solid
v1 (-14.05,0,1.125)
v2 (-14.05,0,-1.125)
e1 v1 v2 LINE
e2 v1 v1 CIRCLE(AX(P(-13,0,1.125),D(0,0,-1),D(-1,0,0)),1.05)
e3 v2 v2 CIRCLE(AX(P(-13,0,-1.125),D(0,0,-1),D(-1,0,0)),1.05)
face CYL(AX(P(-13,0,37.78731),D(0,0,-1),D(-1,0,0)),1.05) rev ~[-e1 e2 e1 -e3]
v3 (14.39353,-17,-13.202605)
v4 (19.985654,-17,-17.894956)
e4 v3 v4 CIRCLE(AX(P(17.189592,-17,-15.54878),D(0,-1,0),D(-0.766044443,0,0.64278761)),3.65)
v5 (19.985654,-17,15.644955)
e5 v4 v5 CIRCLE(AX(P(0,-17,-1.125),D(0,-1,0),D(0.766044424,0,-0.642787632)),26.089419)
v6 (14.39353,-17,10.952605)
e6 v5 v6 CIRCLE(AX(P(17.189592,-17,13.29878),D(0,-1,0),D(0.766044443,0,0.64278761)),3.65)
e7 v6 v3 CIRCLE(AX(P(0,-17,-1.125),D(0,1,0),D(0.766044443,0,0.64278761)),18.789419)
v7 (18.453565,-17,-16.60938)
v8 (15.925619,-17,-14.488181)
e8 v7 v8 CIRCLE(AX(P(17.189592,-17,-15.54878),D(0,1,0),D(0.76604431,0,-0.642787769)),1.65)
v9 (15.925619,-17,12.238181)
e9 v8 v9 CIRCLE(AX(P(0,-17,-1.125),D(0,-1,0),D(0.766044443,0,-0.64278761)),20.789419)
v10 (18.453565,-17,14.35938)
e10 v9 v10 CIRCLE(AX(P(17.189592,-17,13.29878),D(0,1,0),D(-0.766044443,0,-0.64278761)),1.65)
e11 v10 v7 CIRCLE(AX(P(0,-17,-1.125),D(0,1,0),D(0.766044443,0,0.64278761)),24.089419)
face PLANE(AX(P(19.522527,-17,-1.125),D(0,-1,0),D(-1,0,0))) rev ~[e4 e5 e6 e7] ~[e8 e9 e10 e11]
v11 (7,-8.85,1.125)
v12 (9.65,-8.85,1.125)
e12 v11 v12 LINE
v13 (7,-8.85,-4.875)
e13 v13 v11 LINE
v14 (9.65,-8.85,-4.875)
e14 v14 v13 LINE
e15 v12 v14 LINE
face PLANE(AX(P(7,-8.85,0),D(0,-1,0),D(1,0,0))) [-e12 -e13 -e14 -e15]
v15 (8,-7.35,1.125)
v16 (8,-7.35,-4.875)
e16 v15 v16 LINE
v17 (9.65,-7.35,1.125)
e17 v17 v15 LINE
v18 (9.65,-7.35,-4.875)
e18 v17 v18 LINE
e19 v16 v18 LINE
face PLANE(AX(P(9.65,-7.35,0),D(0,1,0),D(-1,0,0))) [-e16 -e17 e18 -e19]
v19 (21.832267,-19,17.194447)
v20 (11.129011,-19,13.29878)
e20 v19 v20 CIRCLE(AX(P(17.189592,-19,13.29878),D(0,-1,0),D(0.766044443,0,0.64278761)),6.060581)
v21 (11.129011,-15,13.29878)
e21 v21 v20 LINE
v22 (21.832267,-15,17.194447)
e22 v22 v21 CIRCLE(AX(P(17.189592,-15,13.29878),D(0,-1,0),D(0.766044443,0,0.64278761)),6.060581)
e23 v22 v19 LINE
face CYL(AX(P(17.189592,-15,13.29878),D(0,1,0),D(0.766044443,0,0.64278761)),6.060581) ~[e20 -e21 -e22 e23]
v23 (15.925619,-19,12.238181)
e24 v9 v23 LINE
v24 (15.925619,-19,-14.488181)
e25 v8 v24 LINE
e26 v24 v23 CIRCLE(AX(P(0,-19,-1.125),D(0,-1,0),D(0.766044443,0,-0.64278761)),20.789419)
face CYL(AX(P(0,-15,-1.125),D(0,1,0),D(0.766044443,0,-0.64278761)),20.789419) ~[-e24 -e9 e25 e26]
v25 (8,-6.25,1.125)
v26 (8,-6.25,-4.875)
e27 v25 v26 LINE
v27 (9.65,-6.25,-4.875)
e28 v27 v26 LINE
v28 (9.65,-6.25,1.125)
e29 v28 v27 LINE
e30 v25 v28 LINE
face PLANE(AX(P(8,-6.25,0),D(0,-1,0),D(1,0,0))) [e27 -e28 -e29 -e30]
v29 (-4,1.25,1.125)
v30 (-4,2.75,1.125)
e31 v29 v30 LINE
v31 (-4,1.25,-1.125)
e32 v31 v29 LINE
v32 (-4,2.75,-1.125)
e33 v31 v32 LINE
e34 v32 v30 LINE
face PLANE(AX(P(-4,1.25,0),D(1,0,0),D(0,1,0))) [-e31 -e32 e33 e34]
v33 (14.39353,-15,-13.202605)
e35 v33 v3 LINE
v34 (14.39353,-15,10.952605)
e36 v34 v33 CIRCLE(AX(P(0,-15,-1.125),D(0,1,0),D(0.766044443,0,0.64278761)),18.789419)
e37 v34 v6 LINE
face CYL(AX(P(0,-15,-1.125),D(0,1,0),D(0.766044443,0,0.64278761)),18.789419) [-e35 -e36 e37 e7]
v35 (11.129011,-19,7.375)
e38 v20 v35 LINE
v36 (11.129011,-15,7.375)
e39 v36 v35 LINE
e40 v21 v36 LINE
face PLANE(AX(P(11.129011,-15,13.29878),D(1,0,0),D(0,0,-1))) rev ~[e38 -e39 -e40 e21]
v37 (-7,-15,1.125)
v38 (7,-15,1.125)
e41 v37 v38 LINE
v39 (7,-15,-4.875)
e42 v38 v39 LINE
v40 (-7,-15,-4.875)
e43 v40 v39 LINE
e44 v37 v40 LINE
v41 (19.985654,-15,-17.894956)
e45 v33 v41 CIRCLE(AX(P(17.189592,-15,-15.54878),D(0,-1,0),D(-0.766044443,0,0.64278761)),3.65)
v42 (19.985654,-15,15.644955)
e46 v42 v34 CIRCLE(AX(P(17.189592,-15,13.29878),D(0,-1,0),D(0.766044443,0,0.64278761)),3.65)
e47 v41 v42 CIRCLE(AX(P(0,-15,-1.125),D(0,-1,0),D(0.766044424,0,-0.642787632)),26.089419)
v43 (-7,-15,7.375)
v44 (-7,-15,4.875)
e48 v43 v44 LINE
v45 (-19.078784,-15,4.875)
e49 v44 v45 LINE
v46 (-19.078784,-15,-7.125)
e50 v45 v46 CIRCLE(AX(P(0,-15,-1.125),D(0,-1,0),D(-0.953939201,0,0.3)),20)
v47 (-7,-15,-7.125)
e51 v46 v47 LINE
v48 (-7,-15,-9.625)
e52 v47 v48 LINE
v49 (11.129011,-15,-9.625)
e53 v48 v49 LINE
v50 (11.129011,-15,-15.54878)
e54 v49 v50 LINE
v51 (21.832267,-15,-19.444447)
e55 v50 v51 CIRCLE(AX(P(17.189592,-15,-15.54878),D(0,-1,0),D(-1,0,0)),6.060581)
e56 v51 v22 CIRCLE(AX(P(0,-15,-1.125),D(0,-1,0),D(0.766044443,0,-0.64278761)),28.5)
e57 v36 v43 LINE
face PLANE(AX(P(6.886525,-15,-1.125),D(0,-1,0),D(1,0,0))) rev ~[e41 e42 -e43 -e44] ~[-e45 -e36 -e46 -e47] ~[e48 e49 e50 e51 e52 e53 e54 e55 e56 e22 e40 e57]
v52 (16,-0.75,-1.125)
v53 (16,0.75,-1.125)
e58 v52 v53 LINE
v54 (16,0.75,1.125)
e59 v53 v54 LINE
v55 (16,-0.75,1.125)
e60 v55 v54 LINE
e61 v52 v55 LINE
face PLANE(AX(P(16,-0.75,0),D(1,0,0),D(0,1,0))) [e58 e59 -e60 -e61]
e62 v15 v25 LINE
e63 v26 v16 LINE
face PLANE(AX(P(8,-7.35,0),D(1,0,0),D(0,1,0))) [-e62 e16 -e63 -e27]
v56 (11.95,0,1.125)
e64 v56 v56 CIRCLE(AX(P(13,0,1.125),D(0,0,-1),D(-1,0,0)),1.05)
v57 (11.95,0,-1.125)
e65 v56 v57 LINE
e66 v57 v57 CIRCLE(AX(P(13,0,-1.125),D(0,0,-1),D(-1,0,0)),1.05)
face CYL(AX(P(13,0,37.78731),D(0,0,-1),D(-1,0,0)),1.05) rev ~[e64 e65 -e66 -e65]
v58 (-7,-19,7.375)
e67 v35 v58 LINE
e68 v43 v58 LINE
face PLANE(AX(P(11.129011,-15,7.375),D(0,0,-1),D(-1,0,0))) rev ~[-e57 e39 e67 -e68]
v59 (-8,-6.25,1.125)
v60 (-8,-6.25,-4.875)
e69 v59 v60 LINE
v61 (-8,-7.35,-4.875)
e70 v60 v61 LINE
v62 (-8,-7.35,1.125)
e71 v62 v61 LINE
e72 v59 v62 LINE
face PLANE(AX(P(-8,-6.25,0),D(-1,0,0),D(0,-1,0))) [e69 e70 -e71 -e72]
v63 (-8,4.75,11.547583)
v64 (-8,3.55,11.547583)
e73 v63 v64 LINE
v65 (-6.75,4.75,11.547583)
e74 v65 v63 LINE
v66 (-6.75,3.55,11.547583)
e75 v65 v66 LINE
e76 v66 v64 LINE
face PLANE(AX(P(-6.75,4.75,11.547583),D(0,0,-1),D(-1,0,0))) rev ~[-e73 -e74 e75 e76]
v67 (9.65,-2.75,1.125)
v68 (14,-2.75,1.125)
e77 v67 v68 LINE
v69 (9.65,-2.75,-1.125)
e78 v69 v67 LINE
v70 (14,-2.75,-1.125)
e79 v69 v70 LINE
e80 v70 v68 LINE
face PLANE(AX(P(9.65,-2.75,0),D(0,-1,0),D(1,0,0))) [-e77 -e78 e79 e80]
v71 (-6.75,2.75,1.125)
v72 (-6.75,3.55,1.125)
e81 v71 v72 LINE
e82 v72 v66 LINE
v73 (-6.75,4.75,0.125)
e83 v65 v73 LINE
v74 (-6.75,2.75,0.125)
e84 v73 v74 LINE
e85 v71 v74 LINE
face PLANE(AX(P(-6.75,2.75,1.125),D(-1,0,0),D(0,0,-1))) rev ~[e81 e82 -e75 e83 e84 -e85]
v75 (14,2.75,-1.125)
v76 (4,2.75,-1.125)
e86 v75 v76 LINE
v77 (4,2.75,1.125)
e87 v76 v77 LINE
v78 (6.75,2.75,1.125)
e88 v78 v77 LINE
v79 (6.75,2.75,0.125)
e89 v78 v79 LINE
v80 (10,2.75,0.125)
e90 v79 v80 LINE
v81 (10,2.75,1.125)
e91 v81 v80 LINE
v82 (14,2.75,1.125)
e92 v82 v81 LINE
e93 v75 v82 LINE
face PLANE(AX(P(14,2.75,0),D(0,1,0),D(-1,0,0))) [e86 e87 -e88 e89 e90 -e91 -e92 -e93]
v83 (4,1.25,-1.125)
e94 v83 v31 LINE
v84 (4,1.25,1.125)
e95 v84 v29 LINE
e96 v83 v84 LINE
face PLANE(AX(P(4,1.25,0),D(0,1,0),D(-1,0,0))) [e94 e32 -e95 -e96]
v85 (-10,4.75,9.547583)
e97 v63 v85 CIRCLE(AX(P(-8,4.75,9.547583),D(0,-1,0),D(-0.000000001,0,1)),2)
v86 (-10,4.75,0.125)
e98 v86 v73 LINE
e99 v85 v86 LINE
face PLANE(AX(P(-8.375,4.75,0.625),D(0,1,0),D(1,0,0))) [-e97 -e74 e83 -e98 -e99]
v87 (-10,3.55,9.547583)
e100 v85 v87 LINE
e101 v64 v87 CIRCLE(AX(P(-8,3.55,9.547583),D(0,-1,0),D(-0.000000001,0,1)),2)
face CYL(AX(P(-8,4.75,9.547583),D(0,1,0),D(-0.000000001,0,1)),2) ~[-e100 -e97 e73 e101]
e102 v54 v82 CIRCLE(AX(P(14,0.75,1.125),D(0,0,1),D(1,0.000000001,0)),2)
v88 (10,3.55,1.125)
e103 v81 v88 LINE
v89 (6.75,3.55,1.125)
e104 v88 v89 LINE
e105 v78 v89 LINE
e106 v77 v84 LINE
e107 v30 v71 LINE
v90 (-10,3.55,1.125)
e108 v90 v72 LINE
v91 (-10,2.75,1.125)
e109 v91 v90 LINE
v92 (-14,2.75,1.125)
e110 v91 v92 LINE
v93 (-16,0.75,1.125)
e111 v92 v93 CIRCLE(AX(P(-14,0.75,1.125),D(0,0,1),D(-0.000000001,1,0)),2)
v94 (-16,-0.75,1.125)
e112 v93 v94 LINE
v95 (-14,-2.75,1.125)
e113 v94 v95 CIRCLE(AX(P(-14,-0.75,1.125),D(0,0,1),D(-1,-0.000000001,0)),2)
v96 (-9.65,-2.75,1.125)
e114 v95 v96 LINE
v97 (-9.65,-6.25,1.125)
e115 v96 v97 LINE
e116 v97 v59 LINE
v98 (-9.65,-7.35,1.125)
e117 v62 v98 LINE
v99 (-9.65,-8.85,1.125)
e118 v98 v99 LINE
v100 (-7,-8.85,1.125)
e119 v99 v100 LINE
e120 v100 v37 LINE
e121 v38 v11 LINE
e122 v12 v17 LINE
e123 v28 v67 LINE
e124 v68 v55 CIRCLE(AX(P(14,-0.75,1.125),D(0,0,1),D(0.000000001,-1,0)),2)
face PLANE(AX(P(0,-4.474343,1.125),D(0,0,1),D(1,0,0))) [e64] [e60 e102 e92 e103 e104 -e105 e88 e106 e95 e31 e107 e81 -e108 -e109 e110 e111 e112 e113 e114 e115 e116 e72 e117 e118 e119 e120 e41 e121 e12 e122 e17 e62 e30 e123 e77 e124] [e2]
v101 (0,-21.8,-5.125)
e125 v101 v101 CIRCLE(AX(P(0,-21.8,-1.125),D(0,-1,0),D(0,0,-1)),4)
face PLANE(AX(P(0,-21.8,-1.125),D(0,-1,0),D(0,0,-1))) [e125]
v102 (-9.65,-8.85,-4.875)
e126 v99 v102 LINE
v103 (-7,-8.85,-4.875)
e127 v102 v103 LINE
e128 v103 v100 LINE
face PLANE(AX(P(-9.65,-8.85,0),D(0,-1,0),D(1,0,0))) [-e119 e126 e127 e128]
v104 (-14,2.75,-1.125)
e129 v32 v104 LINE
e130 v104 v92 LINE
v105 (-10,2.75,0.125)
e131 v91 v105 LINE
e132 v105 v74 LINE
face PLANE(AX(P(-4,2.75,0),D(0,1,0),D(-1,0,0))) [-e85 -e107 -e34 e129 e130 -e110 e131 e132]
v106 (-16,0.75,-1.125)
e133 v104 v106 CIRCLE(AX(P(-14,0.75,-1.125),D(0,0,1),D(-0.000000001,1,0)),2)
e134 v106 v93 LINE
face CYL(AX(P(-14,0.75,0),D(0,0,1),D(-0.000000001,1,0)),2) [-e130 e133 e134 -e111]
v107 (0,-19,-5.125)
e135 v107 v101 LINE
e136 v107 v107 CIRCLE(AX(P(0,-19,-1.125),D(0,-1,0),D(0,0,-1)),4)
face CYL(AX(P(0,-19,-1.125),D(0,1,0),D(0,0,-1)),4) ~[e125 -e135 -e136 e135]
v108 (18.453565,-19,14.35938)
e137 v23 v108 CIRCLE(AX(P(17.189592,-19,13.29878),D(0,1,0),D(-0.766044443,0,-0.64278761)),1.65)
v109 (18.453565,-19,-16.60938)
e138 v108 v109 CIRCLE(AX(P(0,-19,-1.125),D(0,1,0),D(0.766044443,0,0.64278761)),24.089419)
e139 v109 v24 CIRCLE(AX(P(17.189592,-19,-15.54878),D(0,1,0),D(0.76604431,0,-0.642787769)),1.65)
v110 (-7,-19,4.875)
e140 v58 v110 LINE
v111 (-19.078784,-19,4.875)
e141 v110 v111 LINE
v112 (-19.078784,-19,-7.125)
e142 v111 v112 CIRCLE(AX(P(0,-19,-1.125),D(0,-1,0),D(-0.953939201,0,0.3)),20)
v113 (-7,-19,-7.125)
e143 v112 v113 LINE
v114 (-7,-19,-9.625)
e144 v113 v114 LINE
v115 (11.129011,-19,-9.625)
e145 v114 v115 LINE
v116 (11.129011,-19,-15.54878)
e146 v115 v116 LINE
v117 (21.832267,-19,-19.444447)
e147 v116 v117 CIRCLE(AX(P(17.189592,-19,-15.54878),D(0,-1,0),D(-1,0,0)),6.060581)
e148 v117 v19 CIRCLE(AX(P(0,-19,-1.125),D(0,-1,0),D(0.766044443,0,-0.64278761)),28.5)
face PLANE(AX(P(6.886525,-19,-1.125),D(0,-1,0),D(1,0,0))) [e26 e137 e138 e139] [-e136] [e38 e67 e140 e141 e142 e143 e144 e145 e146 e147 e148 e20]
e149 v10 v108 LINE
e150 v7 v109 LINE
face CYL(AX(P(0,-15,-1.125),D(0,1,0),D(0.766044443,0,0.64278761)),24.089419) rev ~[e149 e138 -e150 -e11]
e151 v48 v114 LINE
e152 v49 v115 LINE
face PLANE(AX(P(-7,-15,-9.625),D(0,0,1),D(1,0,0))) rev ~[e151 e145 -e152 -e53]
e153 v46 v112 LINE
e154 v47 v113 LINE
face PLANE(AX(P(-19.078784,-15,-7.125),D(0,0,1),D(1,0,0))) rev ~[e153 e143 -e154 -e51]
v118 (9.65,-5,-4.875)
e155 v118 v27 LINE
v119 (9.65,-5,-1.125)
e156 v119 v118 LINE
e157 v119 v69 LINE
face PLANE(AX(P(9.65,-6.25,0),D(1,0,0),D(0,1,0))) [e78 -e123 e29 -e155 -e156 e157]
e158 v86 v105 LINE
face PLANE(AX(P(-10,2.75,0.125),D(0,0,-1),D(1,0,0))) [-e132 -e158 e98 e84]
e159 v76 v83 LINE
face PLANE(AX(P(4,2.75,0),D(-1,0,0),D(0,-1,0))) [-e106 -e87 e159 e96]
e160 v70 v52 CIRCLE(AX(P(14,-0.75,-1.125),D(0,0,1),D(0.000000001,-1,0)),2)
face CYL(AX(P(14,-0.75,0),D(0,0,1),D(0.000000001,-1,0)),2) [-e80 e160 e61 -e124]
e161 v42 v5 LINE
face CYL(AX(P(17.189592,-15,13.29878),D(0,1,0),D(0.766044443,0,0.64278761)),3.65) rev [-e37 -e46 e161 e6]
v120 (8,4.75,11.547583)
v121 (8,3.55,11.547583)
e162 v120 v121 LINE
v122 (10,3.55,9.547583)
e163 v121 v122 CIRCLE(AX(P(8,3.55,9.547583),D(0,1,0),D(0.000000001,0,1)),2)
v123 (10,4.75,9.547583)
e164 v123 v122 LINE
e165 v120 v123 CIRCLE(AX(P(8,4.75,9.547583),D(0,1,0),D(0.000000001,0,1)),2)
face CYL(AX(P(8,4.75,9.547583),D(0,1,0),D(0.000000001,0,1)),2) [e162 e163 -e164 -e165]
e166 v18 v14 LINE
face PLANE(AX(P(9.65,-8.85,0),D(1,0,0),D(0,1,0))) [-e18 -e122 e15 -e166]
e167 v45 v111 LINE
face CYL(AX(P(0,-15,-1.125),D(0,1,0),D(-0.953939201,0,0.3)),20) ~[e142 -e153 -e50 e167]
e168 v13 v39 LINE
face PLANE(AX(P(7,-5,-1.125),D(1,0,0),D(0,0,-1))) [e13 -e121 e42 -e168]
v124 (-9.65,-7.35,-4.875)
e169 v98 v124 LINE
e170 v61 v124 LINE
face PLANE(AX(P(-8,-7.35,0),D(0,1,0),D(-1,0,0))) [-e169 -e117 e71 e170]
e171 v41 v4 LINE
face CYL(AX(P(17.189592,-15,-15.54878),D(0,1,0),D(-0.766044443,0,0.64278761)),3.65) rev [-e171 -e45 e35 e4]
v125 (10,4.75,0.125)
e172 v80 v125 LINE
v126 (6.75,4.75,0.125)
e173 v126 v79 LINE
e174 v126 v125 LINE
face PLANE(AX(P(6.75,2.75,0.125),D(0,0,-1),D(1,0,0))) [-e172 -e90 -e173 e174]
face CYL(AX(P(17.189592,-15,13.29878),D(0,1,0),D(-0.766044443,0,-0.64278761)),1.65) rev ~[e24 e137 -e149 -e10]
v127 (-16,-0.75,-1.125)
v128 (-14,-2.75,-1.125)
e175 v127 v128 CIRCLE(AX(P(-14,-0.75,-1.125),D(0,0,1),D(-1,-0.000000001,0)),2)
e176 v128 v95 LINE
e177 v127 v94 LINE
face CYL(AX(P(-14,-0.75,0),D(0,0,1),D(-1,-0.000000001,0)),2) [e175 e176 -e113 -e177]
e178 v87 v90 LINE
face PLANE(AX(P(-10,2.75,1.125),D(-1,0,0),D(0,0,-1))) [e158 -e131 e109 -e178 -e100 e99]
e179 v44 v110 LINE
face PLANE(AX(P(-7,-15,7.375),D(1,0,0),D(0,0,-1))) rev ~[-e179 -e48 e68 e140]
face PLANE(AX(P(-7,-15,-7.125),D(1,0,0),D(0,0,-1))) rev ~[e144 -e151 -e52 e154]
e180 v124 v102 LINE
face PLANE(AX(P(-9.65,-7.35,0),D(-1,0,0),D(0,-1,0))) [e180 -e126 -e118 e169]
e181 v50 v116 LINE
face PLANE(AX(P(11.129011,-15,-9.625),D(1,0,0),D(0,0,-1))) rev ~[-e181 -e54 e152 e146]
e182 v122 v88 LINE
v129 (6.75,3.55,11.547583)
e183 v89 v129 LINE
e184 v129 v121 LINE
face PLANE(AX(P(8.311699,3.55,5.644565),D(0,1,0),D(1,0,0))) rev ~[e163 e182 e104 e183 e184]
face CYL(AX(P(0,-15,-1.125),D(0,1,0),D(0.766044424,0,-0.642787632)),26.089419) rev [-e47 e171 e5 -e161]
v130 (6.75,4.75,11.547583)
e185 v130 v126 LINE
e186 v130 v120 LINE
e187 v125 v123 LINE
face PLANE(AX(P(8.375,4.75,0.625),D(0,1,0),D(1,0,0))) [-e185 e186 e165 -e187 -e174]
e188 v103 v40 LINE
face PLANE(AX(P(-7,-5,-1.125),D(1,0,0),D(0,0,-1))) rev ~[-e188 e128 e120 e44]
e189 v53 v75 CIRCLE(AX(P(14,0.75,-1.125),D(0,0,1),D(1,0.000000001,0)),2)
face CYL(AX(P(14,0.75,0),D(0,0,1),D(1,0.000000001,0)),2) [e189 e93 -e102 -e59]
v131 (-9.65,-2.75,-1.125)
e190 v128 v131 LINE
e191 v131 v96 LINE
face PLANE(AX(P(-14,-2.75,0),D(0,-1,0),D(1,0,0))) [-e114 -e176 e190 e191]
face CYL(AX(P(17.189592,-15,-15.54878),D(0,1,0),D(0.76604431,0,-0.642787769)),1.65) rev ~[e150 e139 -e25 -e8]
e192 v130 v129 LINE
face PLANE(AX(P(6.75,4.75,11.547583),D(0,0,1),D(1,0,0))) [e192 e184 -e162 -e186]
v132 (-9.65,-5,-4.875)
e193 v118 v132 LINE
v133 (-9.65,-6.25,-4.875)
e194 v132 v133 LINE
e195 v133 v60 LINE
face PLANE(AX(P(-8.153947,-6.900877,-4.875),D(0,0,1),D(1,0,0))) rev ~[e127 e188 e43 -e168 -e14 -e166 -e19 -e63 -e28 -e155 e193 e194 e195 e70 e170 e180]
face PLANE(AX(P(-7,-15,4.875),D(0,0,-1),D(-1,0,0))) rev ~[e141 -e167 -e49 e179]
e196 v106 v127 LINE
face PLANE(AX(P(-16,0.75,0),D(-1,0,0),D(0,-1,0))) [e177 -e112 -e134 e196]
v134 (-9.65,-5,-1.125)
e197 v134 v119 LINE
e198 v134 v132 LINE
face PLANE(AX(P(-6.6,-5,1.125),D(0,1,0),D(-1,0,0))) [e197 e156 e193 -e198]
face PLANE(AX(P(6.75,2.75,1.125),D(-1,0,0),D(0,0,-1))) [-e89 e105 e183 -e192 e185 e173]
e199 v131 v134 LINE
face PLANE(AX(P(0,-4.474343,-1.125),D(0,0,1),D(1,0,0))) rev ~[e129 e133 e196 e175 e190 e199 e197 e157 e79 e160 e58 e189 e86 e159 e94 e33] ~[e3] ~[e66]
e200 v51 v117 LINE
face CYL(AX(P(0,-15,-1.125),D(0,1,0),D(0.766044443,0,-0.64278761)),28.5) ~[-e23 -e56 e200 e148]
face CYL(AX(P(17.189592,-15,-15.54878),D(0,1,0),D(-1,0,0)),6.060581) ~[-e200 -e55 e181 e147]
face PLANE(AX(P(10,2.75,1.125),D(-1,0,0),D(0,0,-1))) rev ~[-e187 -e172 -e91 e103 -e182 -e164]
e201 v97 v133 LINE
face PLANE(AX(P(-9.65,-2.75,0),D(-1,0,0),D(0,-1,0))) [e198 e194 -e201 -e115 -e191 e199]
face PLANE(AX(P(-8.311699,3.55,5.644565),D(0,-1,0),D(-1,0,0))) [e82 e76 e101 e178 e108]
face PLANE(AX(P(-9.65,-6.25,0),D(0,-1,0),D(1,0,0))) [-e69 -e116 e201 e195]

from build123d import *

# Parameters (mm, degrees)
BOSS_EXTRUDE1_DEPTH    = 1.125
M1_8_CLEARANCE_HOLE1_D = 2.1
BOSS_EXTRUDE3_DEPTH    = 4
SKETCH10_R             = 4
BOSS_EXTRUDE4_DEPTH    = 2.8
CUT_EXTRUDE1_DEPTH     = 2
BOSS_EXTRUDE9_DEPTH    = 6
SKETCH21_W             = 3.25
SKETCH21_H             = 1
BOSS_EXTRUDE10_DEPTH   = 2
BOSS_EXTRUDE13_DEPTH   = 1.2
SKETCH25_W             = 14
SKETCH25_H             = 3.75
BOSS_EXTRUDE12_DEPTH   = 10


with BuildPart() as part:
    # Sketch1 → Boss-Extrude1 (new, symmetric)
    with BuildSketch(Plane.XY):
        with BuildLine():
            Line((-7, -8.85), (-7, -15))
            Line((-7, -15), (7, -15))
            Line((7, -15), (7, -8.85))
            Line((7, -8.85), (9.65, -8.85))
            Line((9.65, -8.85), (9.65, -7.35))
            Line((9.65, -7.35), (8, -7.35))
            Line((8, -7.35), (8, -6.25))
            Line((8, -6.25), (9.65, -6.25))
            Line((9.65, -6.25), (9.65, -2.75))
            Line((9.65, -2.75), (14, -2.75))
            ThreePointArc((14, -2.75), (15.414213562, -2.164213562), (16, -0.75))
            Line((16, -0.75), (16, 0.75))
            ThreePointArc((16, 0.75), (15.414213562, 2.164213562), (14, 2.75))
            Line((14, 2.75), (4, 2.75))
            Line((4, 2.75), (4, 1.25))
            Line((4, 1.25), (-4, 1.25))
            Line((-4, 1.25), (-4, 2.75))
            Line((-4, 2.75), (-14, 2.75))
            ThreePointArc((-14, 2.75), (-15.414213562, 2.164213562), (-16, 0.75))
            Line((-16, 0.75), (-16, -0.75))
            ThreePointArc((-16, -0.75), (-15.414213562, -2.164213562), (-14, -2.75))
            Line((-14, -2.75), (-9.65, -2.75))
            Line((-9.65, -2.75), (-9.65, -6.25))
            Line((-9.65, -6.25), (-8, -6.25))
            Line((-8, -6.25), (-8, -7.35))
            Line((-8, -7.35), (-9.65, -7.35))
            Line((-9.65, -7.35), (-9.65, -8.85))
            Line((-9.65, -8.85), (-7, -8.85))
        make_face()
    extrude(amount=BOSS_EXTRUDE1_DEPTH, both=True)

    # M1.8 Clearance Hole1 (through all)
    with Locations(Plane.XY.offset(1.125)):
        with Locations((-13, 0), (13, 0)):
            Hole(M1_8_CLEARANCE_HOLE1_D / 2)

    # Sketch8 → Boss-Extrude3 (add)
    with BuildSketch(Plane.XZ.offset(15)):
        with BuildLine():
            Line((-7, -7.125), (-7, -9.625))
            Line((-7, -9.625), (11.129010548, -9.625))
            Line((11.129010548, -9.625), (11.129010548, -15.548780253))
            ThreePointArc((11.129010548, -15.548780253), (15.116751021, -21.24386386), (21.832266629, -19.444446876))
            ThreePointArc((21.832266629, -19.444446876), (28.5, -1.125), (21.832266629, 17.194446876))
            ThreePointArc((21.832266629, 17.194446876), (15.116751021, 18.99386386), (11.129010548, 13.298780253))
            Line((11.129010548, 13.298780253), (11.129010548, 7.375))
            Line((11.129010548, 7.375), (-7, 7.375))
            Line((-7, 7.375), (-7, 4.875))
            Line((-7, 4.875), (-19.078784028, 4.875))
            ThreePointArc((-19.078784028, 4.875), (-20, -1.125), (-19.078784028, -7.125))
            Line((-19.078784028, -7.125), (-7, -7.125))
        make_face()
        with BuildLine():
            ThreePointArc((15.925618604, -14.488180697), (20.789418613, -1.125), (15.925618604, 12.238180697))
            ThreePointArc((15.925618604, 12.238180697), (16.128992379, 14.562753584), (18.453565266, 14.359379809))
            ThreePointArc((18.453565266, 14.359379809), (24.089418613, -1.125000171), (18.453565046, -16.609380071))
            ThreePointArc((18.453565046, -16.609380071), (16.128992248, -16.812753474), (15.925618604, -14.488180697))
        make_face(mode=Mode.SUBTRACT)
    extrude(amount=BOSS_EXTRUDE3_DEPTH)

    # Sketch10 → Boss-Extrude4 (add)
    with BuildSketch(Plane(origin=(0, -19, 0), x_dir=(-1, 0, 0), z_dir=(0, -1, 0))):
        with Locations(Location((0, 1.125, 0), (0, 0, 90))):
            Circle(SKETCH10_R)
    extrude(amount=BOSS_EXTRUDE4_DEPTH)

    # Sketch11 → Cut-Extrude1 (cut)
    with BuildSketch(Plane(origin=(0, -15, 0), x_dir=(1, 0, 0), z_dir=(0, 1, 0))):
        with BuildLine():
            ThreePointArc((14.393529718, -10.952605478), (18.789418613, 1.125), (14.393529718, 13.202605478))
            ThreePointArc((14.393529718, 13.202605478), (14.84341687, 18.344842227), (19.985653666, 17.894955608))
            ThreePointArc((19.985653666, 17.894955608), (26.089418613, 1.125000379), (19.985654153, -15.644955028))
            ThreePointArc((19.985654153, -15.644955028), (14.84341716, -16.09484247), (14.393529718, -10.952605478))
        make_face()
        with BuildLine():
            ThreePointArc((18.453565046, 16.609380071), (16.128992248, 16.812753474), (15.925618604, 14.488180697))
            ThreePointArc((15.925618604, 14.488180697), (20.789418613, 1.125), (15.925618604, -12.238180697))
            ThreePointArc((15.925618604, -12.238180697), (16.128992379, -14.562753584), (18.453565266, -14.359379809))
            ThreePointArc((18.453565266, -14.359379809), (24.089418613, 1.125000171), (18.453565046, 16.609380071))
        make_face(mode=Mode.SUBTRACT)
    extrude(amount=-CUT_EXTRUDE1_DEPTH, mode=Mode.SUBTRACT)

    # Sketch19 → Boss-Extrude9 (add)
    with BuildSketch(Plane.XY.offset(1.125)):
        Polygon((-9.65, -5), (-9.65, -6.25), (-8, -6.25), (-8, -7.35), (-9.65, -7.35), (-9.65, -8.85), (-6.6, -8.85), (-6.6, -5), align=None)
    boss_extrude9 = extrude(amount=-BOSS_EXTRUDE9_DEPTH)

    # Mirror1: Boss-Extrude9 across plane
    add(boss_extrude9.mirror(Plane(origin=(0, 0, 0), x_dir=(0, 0, 1), z_dir=(1, 0, 0))))

    # Sketch21 → Boss-Extrude10 (add)
    with BuildSketch(Plane(origin=(0, 2.75, 0), x_dir=(1, 0, 0), z_dir=(0, 1, 0))):
        with Locations((-8.375, -0.625)):
            Rectangle(SKETCH21_W, SKETCH21_H)
        with Locations((8.375, -0.625)):
            Rectangle(SKETCH21_W, SKETCH21_H)
    extrude(amount=BOSS_EXTRUDE10_DEPTH)

    # Sketch26 → Boss-Extrude13 (add)
    with BuildSketch(Plane(origin=(0, 4.75, 0), x_dir=(1, 0, 0), z_dir=(0, 1, 0))):
        with BuildLine():
            Line((-10, -0.125), (-6.75, -0.125))
            Line((-6.75, -0.125), (-6.75, -11.547583435))
            Line((-6.75, -11.547583435), (-8, -11.547583435))
            ThreePointArc((-8, -11.547583435), (-9.414213562, -10.961796997), (-10, -9.547583435))
            Line((-10, -9.547583435), (-10, -0.125))
        make_face()
        with BuildLine():
            Line((6.75, -0.125), (6.75, -11.547583435))
            Line((6.75, -11.547583435), (8, -11.547583435))
            ThreePointArc((8, -11.547583435), (9.414213562, -10.961796997), (10, -9.547583435))
            Line((10, -9.547583435), (10, -0.125))
            Line((10, -0.125), (6.75, -0.125))
        make_face()
    extrude(amount=-BOSS_EXTRUDE13_DEPTH)

    # Sketch25 → Boss-Extrude12 (add)
    with BuildSketch(Plane(origin=(0, -5, 0), x_dir=(1, 0, 0), z_dir=(0, 1, 0))):
        with Locations((0, 3)):
            Rectangle(SKETCH25_W, SKETCH25_H)
    extrude(amount=-BOSS_EXTRUDE12_DEPTH)


solid = part.part
